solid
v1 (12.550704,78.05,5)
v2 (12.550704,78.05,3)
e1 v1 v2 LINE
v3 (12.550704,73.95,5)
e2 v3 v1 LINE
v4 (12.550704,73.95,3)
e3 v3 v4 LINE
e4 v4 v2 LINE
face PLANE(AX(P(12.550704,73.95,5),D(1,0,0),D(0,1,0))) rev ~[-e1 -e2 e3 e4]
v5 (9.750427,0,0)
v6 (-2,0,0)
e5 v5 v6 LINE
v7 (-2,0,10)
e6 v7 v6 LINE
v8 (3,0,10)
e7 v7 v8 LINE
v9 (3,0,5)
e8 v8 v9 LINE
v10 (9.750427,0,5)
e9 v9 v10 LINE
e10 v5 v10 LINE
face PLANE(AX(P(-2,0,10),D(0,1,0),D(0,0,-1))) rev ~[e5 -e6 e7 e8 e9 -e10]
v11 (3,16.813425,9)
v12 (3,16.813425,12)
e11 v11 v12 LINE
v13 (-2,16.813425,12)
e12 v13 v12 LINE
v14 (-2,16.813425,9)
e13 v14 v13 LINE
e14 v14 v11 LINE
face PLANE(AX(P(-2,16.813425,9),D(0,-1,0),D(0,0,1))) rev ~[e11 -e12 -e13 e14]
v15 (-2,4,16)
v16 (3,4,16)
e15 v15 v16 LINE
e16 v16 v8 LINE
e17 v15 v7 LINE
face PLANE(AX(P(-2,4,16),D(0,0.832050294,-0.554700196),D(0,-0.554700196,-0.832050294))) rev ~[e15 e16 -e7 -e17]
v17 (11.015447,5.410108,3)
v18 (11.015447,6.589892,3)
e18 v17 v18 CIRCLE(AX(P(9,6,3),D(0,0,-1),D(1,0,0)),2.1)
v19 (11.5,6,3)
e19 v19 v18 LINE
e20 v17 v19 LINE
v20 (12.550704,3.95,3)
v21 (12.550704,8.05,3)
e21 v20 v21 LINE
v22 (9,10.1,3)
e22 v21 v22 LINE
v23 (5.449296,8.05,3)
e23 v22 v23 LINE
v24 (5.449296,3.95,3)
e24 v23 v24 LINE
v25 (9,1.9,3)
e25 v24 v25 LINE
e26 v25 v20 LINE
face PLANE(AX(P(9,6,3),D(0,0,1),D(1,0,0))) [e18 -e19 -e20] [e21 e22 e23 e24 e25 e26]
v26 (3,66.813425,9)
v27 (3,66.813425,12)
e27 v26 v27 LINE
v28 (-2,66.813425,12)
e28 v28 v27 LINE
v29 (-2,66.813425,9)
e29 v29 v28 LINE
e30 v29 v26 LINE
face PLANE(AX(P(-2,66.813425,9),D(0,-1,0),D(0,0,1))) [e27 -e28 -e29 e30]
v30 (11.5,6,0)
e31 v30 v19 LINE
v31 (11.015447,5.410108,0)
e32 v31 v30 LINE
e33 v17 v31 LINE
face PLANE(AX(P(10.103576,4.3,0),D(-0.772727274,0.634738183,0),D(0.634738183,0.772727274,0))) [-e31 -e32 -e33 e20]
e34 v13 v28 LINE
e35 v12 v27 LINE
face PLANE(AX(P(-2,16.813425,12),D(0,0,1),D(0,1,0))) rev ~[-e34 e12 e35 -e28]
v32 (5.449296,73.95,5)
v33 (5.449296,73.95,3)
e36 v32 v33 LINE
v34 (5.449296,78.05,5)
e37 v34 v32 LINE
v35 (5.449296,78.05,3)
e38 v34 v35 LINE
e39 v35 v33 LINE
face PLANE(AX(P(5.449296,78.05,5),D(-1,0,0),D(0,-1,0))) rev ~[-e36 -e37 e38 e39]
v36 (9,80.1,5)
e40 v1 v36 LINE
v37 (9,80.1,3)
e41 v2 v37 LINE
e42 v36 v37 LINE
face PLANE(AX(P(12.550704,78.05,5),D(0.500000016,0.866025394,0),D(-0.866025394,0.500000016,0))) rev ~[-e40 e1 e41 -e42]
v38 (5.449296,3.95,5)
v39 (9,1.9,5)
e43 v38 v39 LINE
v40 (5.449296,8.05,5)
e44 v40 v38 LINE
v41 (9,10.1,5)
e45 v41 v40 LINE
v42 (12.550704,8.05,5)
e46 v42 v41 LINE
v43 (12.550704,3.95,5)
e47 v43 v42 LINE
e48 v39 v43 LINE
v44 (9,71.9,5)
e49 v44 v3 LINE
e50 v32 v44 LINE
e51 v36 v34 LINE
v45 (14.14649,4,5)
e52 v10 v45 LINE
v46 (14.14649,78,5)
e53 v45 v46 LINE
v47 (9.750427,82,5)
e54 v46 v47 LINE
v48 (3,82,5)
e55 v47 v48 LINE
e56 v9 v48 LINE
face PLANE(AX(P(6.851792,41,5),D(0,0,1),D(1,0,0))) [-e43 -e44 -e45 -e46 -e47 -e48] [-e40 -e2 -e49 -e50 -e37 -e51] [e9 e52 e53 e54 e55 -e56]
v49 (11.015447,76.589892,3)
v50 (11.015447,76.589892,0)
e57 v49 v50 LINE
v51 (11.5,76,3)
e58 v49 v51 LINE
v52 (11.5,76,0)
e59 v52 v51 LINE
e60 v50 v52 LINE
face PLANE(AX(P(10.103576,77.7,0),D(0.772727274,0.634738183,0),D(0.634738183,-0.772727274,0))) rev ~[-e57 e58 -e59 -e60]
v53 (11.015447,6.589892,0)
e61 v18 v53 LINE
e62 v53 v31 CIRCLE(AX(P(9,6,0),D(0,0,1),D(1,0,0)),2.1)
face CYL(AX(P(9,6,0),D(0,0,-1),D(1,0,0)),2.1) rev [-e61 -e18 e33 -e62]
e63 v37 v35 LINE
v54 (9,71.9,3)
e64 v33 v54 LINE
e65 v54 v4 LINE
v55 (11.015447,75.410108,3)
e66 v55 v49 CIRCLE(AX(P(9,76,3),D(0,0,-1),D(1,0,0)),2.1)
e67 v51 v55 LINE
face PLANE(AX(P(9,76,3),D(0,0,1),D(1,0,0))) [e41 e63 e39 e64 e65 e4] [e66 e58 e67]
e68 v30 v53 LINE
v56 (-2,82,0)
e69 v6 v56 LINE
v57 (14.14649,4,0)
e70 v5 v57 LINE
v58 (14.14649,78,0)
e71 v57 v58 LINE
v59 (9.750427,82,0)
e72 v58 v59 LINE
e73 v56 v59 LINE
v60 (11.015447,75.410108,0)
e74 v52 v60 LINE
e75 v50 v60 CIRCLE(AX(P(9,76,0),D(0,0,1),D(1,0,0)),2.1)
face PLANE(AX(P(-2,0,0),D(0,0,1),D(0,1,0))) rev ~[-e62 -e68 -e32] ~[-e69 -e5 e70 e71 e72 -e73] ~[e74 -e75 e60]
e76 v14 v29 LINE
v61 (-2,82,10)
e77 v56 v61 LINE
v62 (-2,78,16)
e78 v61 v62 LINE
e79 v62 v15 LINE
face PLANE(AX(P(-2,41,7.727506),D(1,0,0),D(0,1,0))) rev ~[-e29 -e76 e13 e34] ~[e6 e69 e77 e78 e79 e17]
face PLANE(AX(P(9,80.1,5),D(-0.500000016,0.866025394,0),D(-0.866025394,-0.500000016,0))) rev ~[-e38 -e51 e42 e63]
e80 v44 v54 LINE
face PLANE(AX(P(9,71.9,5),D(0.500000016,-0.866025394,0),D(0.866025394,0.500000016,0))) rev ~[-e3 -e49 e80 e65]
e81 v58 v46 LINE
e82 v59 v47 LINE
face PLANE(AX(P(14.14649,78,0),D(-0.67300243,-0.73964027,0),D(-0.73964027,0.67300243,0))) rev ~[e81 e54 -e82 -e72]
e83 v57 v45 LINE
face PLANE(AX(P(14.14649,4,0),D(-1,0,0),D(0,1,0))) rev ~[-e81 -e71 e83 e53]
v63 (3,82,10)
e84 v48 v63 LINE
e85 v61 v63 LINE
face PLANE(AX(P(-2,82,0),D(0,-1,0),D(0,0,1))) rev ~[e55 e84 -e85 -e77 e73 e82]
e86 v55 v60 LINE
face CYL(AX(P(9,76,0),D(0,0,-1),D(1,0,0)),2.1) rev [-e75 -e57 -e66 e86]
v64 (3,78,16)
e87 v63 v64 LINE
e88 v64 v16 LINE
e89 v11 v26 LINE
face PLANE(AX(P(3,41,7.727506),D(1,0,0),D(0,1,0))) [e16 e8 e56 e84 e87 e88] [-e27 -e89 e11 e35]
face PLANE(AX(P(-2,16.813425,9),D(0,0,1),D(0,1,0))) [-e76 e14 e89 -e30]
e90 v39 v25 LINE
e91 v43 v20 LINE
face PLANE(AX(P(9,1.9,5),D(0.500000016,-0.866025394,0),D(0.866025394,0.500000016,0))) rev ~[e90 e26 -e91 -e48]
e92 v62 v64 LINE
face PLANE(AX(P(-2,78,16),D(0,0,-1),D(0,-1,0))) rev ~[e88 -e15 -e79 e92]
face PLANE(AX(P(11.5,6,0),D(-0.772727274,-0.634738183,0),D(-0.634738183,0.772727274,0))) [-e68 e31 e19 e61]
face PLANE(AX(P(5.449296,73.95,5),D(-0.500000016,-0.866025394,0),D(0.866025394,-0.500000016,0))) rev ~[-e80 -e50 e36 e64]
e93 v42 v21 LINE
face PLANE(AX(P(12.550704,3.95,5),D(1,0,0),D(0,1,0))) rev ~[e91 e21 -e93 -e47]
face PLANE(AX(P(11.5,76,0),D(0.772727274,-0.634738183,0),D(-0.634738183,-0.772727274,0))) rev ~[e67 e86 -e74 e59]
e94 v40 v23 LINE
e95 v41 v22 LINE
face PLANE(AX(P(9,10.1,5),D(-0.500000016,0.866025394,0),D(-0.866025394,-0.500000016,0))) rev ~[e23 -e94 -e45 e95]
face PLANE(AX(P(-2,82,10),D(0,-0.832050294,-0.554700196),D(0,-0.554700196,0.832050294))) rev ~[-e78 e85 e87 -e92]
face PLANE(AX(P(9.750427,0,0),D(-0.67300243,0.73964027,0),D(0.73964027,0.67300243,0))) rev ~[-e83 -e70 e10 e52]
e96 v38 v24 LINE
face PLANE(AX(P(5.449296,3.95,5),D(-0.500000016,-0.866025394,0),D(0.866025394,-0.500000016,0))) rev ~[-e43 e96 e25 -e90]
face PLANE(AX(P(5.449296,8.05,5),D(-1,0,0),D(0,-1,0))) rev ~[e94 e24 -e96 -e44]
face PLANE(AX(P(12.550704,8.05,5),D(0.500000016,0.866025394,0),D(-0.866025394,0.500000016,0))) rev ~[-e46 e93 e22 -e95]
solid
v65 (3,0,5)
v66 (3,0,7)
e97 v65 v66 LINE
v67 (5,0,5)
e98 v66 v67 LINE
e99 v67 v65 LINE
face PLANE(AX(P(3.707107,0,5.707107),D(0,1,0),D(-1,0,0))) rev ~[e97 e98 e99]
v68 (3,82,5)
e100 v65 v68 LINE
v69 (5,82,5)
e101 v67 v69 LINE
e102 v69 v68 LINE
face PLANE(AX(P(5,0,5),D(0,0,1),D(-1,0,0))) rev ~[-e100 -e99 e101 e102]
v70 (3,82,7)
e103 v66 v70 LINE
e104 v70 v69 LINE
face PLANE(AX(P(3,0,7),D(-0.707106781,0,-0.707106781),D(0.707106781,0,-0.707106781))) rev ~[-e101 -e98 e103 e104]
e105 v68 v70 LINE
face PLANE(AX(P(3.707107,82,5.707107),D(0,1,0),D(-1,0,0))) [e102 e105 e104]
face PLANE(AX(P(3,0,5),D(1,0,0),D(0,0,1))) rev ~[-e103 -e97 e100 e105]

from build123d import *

# Parameters (mm, degrees)
PAD002_DEPTH    = 82
SKETCH001_W     = 50
SKETCH001_H     = 3
PAD001_DEPTH    = 5
SKETCH_R        = 2.1
PAD_DEPTH       = 5
POCKET_DEPTH    = 6
POCKET001_DEPTH = 2


with BuildPart() as pad002:
    # Sketch002 → Pad002 (new body)
    with BuildSketch(Plane(origin=(3, 0, 5), x_dir=(1, 0, 0), z_dir=(0, -1, 0))):
        Polygon((0, 0), (0, 2), (2, 0), align=None)
    extrude(amount=-PAD002_DEPTH)


with BuildPart() as pad001:
    # Sketch001 → Pad001 (new body)
    with BuildSketch(Plane.YZ.offset(-2)):
        Polygon((0, 0), (82, 0), (82, 10), (78, 16), (4, 16), (0, 10), align=None)
        with Locations((41.813425, 10.5)):
            Rectangle(SKETCH001_W, SKETCH001_H, mode=Mode.SUBTRACT)
    extrude(amount=PAD001_DEPTH)


with BuildPart() as pocket001:
    # Sketch → Pad (new body)
    with BuildSketch(Plane.XY):
        Polygon((0, 82), (0, 0), (9.750427, 0), (14.14649, 4), (14.14649, 78), (9.750427, 82), align=None)
        with Locations((9, 6)):
            Circle(SKETCH_R, mode=Mode.SUBTRACT)
        with Locations((9, 76)):
            Circle(SKETCH_R, mode=Mode.SUBTRACT)
    extrude(amount=PAD_DEPTH)

    # Fusion: union Pad001
    add(pad001.part)

    # Sketch003 → Pocket (cut)
    with BuildSketch(Plane(origin=(0, 0, 0), x_dir=(1, 0, 0), z_dir=(0, 0, -1))):
        Polygon((10.103576, -4.3), (11.5, -6), (10.103576, -7.7), align=None)
        Polygon((10.103576, -74.3), (10.103576, -77.7), (11.5, -76), align=None)
    extrude(amount=-POCKET_DEPTH, mode=Mode.SUBTRACT)

    # Sketch004 → Pocket001 (cut)
    with BuildSketch(Plane.XY.offset(5)):
        Polygon((9, 71.9), (12.550704, 73.95), (12.550704, 78.05), (9, 80.1), (5.449296, 78.05), (5.449296, 73.95), align=None)
        Polygon((9, 10.1), (5.449296, 8.05), (5.449296, 3.95), (9, 1.9), (12.550704, 3.95), (12.550704, 8.05), align=None)
    extrude(amount=-POCKET001_DEPTH, mode=Mode.SUBTRACT)


solid = Compound([pad002.part, pocket001.part])
